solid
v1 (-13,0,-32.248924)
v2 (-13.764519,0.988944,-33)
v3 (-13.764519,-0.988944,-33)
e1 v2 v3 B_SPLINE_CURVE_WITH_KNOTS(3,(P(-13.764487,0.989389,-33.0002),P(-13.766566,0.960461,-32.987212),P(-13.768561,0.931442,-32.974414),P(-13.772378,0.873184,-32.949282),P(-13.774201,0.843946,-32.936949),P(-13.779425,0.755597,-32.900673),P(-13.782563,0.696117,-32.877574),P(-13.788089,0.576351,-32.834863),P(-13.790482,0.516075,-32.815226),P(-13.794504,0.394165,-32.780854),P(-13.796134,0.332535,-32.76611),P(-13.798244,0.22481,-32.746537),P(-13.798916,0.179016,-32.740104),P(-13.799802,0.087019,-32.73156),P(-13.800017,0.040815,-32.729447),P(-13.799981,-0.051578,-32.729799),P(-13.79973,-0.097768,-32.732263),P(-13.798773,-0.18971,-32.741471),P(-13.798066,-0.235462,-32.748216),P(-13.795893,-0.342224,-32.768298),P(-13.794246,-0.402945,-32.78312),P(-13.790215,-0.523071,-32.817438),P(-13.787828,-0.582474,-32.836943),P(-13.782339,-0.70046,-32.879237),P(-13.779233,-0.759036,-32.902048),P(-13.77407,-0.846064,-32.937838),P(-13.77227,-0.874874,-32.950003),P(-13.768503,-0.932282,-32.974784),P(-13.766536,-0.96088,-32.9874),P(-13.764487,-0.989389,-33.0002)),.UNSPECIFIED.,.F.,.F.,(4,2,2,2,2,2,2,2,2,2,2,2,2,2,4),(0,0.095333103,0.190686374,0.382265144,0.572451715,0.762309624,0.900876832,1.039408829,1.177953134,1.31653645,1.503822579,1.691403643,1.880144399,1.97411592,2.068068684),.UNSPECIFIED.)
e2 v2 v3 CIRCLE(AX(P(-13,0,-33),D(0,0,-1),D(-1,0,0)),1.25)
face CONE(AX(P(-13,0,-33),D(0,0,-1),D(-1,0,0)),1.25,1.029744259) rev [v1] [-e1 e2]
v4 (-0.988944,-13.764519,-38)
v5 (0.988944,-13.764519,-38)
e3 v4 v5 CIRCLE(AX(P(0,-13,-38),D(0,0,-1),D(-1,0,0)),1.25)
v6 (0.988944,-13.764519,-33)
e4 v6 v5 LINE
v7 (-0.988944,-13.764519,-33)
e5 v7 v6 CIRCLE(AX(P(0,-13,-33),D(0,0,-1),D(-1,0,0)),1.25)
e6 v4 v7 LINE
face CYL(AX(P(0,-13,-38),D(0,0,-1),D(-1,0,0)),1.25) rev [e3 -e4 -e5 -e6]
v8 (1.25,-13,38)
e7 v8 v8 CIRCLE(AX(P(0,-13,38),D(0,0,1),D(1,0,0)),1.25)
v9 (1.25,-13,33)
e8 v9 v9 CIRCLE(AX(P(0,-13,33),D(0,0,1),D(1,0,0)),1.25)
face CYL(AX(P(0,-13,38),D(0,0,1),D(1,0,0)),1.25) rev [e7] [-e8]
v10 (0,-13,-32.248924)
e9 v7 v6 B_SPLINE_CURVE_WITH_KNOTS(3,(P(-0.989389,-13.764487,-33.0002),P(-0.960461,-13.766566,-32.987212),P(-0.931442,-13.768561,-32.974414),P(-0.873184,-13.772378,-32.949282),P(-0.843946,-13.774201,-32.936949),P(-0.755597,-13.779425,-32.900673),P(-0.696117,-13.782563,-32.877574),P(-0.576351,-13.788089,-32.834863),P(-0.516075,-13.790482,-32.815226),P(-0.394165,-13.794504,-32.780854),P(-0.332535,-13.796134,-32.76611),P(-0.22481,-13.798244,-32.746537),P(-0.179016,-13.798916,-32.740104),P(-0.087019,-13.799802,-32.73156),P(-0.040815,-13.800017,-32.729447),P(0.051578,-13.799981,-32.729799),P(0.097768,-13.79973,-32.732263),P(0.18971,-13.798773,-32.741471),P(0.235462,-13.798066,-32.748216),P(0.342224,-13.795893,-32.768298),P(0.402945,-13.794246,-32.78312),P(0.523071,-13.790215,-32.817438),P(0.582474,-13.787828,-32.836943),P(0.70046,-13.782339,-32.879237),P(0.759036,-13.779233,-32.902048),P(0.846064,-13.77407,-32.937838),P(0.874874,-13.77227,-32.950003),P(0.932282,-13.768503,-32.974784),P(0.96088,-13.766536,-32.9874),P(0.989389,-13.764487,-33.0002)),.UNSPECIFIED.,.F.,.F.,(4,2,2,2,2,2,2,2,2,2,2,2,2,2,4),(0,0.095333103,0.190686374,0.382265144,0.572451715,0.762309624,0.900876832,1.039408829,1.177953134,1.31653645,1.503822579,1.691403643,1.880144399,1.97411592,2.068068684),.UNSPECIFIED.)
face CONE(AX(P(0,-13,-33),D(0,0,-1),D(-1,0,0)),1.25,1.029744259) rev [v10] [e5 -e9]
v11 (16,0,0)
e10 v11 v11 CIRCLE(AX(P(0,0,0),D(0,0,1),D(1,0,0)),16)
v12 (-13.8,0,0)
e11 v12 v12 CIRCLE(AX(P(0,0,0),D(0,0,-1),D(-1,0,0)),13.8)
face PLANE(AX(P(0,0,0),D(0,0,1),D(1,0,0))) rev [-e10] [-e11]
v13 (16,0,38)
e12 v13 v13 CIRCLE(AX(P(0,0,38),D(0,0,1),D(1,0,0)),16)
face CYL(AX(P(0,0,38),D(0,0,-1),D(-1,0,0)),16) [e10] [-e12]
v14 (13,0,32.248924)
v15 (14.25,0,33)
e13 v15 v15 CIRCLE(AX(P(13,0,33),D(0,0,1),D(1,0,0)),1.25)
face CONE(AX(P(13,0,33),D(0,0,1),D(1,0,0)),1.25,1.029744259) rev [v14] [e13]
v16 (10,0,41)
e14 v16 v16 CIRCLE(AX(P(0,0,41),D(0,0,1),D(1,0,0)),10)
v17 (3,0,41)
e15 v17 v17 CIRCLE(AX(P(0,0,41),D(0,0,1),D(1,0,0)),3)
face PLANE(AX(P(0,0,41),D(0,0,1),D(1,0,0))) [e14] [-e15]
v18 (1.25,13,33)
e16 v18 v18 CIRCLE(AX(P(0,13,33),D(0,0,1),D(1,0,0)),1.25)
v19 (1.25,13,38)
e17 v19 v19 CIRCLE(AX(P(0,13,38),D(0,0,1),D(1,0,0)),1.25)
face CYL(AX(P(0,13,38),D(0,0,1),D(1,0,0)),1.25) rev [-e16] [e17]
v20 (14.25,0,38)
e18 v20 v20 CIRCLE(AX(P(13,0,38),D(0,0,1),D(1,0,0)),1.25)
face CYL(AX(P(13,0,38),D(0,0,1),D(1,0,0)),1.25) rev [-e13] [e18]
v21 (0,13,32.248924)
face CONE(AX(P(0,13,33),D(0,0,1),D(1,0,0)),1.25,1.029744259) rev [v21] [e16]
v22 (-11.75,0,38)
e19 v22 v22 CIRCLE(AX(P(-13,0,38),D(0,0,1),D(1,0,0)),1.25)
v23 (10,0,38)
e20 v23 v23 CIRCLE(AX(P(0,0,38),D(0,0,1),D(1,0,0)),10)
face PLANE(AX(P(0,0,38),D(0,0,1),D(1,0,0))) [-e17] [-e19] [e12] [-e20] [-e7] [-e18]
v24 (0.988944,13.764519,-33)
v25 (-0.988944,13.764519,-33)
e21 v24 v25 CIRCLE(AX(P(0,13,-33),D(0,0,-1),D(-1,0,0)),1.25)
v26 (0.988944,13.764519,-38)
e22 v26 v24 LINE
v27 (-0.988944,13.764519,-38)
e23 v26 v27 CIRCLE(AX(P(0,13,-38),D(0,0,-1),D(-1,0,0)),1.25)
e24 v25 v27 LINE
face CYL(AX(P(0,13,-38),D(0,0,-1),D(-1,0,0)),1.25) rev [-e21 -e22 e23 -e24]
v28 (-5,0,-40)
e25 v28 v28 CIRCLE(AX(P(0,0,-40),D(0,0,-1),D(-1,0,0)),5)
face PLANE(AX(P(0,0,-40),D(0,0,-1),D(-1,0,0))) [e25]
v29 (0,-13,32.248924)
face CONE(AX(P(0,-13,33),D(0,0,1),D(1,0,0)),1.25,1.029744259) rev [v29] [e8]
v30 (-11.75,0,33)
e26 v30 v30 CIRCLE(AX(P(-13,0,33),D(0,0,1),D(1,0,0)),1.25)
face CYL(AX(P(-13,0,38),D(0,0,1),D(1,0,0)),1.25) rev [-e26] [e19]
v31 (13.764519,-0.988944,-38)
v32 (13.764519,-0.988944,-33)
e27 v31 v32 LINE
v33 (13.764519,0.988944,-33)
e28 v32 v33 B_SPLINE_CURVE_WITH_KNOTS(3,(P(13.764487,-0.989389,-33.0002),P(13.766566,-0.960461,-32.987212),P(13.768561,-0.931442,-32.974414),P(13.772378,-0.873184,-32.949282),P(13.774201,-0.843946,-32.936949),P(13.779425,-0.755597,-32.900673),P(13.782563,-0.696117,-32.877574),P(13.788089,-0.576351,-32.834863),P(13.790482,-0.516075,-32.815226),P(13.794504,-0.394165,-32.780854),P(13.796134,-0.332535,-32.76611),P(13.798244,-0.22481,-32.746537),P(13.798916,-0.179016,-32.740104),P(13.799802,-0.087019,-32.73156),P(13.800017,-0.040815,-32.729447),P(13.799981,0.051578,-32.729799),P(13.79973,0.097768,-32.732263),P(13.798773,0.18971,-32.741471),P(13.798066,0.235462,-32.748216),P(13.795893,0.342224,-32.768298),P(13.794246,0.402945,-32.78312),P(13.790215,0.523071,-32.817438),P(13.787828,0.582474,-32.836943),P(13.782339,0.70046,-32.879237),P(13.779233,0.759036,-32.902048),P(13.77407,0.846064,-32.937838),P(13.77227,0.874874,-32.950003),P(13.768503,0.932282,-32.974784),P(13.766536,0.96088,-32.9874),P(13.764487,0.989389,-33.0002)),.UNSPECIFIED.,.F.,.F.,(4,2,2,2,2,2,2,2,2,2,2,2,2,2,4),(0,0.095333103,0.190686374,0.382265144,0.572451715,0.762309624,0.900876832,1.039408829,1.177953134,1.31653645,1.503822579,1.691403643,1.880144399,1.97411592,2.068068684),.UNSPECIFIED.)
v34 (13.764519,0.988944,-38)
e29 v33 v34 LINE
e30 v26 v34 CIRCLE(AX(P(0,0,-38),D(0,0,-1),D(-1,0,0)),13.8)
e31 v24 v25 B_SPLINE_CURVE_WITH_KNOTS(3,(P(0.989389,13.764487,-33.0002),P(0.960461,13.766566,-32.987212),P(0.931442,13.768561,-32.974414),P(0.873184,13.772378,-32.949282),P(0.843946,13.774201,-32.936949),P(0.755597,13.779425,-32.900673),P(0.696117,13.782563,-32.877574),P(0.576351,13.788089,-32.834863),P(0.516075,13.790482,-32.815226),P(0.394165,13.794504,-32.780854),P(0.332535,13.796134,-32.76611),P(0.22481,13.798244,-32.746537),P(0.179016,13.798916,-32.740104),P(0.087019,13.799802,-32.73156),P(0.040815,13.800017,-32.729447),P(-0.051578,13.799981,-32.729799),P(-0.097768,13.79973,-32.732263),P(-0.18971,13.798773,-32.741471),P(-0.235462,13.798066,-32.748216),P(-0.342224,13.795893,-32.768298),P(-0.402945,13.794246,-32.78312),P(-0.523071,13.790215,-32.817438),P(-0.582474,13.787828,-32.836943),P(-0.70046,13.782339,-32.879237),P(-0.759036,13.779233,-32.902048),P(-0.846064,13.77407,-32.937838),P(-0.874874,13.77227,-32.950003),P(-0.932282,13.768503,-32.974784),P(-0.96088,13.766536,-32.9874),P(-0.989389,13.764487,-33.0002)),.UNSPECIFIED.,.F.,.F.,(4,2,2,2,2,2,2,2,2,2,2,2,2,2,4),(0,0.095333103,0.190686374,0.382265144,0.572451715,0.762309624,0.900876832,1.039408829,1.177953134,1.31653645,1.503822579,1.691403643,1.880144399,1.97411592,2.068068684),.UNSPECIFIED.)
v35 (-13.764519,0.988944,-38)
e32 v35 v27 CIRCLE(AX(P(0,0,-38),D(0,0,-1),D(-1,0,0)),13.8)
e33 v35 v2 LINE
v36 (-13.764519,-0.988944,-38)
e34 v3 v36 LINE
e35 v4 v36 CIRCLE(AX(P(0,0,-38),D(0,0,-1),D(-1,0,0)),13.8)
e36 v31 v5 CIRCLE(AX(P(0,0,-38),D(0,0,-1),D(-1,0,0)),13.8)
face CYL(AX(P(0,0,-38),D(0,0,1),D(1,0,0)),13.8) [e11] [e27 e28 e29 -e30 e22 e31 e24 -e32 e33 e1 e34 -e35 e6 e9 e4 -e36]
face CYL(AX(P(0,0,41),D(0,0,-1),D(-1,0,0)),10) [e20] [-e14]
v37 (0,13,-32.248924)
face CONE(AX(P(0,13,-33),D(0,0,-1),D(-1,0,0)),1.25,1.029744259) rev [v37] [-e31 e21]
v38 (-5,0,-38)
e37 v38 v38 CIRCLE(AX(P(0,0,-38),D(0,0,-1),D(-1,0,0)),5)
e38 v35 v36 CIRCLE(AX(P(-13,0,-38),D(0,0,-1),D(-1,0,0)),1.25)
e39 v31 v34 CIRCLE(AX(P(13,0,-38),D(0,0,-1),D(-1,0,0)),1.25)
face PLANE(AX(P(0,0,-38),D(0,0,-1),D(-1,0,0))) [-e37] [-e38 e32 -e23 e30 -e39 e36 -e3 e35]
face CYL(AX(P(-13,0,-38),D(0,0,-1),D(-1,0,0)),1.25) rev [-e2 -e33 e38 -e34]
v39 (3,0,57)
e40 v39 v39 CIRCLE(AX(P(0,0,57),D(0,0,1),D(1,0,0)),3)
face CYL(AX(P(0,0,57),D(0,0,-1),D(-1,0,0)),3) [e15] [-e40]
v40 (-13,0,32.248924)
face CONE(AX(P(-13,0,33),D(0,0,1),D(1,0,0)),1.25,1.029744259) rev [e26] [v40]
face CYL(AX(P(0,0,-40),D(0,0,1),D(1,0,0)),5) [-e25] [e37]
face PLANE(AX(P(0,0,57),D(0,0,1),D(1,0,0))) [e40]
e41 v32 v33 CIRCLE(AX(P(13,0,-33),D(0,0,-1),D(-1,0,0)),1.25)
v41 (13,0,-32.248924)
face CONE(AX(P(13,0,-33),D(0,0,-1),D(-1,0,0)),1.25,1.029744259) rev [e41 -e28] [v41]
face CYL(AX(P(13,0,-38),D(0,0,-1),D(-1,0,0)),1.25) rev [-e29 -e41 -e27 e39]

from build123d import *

# Parameters (mm, degrees)
SKETCH1_R                   = 16
BOSS_EXTRUDE1_DEPTH         = 38
SKETCH2_R                   = 13.8
BOSS_EXTRUDE2_DEPTH         = 38
SKETCH3_R                   = 5
BOSS_EXTRUDE3_DEPTH         = 2
SKETCH4_R                   = 10
BOSS_EXTRUDE4_DEPTH         = 3
SKETCH5_R                   = 3
BOSS_EXTRUDE5_DEPTH         = 16
TAP_DRILL_FOR_M3_TAP1_D     = 2.5
TAP_DRILL_FOR_M3_TAP1_DEPTH = 5
TAP_DRILL_FOR_M3_TAP1_TIP   = 0.751075774
TAP_DRILL_FOR_M3_TAP2_D     = 2.5
TAP_DRILL_FOR_M3_TAP2_DEPTH = 5
TAP_DRILL_FOR_M3_TAP2_TIP   = 0.751075774


with BuildPart() as part:
    # Sketch1 → Boss-Extrude1 (new body)
    with BuildSketch(Plane.XY):
        Circle(SKETCH1_R)
    extrude(amount=BOSS_EXTRUDE1_DEPTH)

    # Sketch2 → Boss-Extrude2 (add)
    with BuildSketch(Plane(origin=(0, 0, 0), x_dir=(-1, 0, 0), z_dir=(0, 0, -1))):
        Circle(SKETCH2_R)
    extrude(amount=BOSS_EXTRUDE2_DEPTH)

    # Sketch3 → Boss-Extrude3 (add)
    with BuildSketch(Plane(origin=(0, 0, -38), x_dir=(-1, 0, 0), z_dir=(0, 0, -1))):
        Circle(SKETCH3_R)
    extrude(amount=BOSS_EXTRUDE3_DEPTH)

    # Sketch4 → Boss-Extrude4 (add)
    with BuildSketch(Plane.XY.offset(38)):
        Circle(SKETCH4_R)
    extrude(amount=BOSS_EXTRUDE4_DEPTH)

    # Sketch5 → Boss-Extrude5 (add)
    with BuildSketch(Plane.XY.offset(41)):
        Circle(SKETCH5_R)
    extrude(amount=BOSS_EXTRUDE5_DEPTH)

    # Tap Drill for M3 Tap1
    with Locations(Plane(origin=(0, 0, -38), x_dir=(-1, 0, 0), z_dir=(0, 0, -1))):
        with Locations((-13, 0), (0, -13), (13, 0), (0, 13)):
            Hole(TAP_DRILL_FOR_M3_TAP1_D / 2, depth=TAP_DRILL_FOR_M3_TAP1_DEPTH)
            with Locations((0, 0, -(TAP_DRILL_FOR_M3_TAP1_DEPTH + TAP_DRILL_FOR_M3_TAP1_TIP / 2))):  # 118° drill point
                Cone(0, TAP_DRILL_FOR_M3_TAP1_D / 2, TAP_DRILL_FOR_M3_TAP1_TIP, mode=Mode.SUBTRACT)

    # Tap Drill for M3 Tap2
    with Locations(Plane.XY.offset(38)):
        with Locations((0, 13), (-13, 0), (0, -13), (13, 0)):
            Hole(TAP_DRILL_FOR_M3_TAP2_D / 2, depth=TAP_DRILL_FOR_M3_TAP2_DEPTH)
            with Locations((0, 0, -(TAP_DRILL_FOR_M3_TAP2_DEPTH + TAP_DRILL_FOR_M3_TAP2_TIP / 2))):  # 118° drill point
                Cone(0, TAP_DRILL_FOR_M3_TAP2_D / 2, TAP_DRILL_FOR_M3_TAP2_TIP, mode=Mode.SUBTRACT)


solid = part.part
